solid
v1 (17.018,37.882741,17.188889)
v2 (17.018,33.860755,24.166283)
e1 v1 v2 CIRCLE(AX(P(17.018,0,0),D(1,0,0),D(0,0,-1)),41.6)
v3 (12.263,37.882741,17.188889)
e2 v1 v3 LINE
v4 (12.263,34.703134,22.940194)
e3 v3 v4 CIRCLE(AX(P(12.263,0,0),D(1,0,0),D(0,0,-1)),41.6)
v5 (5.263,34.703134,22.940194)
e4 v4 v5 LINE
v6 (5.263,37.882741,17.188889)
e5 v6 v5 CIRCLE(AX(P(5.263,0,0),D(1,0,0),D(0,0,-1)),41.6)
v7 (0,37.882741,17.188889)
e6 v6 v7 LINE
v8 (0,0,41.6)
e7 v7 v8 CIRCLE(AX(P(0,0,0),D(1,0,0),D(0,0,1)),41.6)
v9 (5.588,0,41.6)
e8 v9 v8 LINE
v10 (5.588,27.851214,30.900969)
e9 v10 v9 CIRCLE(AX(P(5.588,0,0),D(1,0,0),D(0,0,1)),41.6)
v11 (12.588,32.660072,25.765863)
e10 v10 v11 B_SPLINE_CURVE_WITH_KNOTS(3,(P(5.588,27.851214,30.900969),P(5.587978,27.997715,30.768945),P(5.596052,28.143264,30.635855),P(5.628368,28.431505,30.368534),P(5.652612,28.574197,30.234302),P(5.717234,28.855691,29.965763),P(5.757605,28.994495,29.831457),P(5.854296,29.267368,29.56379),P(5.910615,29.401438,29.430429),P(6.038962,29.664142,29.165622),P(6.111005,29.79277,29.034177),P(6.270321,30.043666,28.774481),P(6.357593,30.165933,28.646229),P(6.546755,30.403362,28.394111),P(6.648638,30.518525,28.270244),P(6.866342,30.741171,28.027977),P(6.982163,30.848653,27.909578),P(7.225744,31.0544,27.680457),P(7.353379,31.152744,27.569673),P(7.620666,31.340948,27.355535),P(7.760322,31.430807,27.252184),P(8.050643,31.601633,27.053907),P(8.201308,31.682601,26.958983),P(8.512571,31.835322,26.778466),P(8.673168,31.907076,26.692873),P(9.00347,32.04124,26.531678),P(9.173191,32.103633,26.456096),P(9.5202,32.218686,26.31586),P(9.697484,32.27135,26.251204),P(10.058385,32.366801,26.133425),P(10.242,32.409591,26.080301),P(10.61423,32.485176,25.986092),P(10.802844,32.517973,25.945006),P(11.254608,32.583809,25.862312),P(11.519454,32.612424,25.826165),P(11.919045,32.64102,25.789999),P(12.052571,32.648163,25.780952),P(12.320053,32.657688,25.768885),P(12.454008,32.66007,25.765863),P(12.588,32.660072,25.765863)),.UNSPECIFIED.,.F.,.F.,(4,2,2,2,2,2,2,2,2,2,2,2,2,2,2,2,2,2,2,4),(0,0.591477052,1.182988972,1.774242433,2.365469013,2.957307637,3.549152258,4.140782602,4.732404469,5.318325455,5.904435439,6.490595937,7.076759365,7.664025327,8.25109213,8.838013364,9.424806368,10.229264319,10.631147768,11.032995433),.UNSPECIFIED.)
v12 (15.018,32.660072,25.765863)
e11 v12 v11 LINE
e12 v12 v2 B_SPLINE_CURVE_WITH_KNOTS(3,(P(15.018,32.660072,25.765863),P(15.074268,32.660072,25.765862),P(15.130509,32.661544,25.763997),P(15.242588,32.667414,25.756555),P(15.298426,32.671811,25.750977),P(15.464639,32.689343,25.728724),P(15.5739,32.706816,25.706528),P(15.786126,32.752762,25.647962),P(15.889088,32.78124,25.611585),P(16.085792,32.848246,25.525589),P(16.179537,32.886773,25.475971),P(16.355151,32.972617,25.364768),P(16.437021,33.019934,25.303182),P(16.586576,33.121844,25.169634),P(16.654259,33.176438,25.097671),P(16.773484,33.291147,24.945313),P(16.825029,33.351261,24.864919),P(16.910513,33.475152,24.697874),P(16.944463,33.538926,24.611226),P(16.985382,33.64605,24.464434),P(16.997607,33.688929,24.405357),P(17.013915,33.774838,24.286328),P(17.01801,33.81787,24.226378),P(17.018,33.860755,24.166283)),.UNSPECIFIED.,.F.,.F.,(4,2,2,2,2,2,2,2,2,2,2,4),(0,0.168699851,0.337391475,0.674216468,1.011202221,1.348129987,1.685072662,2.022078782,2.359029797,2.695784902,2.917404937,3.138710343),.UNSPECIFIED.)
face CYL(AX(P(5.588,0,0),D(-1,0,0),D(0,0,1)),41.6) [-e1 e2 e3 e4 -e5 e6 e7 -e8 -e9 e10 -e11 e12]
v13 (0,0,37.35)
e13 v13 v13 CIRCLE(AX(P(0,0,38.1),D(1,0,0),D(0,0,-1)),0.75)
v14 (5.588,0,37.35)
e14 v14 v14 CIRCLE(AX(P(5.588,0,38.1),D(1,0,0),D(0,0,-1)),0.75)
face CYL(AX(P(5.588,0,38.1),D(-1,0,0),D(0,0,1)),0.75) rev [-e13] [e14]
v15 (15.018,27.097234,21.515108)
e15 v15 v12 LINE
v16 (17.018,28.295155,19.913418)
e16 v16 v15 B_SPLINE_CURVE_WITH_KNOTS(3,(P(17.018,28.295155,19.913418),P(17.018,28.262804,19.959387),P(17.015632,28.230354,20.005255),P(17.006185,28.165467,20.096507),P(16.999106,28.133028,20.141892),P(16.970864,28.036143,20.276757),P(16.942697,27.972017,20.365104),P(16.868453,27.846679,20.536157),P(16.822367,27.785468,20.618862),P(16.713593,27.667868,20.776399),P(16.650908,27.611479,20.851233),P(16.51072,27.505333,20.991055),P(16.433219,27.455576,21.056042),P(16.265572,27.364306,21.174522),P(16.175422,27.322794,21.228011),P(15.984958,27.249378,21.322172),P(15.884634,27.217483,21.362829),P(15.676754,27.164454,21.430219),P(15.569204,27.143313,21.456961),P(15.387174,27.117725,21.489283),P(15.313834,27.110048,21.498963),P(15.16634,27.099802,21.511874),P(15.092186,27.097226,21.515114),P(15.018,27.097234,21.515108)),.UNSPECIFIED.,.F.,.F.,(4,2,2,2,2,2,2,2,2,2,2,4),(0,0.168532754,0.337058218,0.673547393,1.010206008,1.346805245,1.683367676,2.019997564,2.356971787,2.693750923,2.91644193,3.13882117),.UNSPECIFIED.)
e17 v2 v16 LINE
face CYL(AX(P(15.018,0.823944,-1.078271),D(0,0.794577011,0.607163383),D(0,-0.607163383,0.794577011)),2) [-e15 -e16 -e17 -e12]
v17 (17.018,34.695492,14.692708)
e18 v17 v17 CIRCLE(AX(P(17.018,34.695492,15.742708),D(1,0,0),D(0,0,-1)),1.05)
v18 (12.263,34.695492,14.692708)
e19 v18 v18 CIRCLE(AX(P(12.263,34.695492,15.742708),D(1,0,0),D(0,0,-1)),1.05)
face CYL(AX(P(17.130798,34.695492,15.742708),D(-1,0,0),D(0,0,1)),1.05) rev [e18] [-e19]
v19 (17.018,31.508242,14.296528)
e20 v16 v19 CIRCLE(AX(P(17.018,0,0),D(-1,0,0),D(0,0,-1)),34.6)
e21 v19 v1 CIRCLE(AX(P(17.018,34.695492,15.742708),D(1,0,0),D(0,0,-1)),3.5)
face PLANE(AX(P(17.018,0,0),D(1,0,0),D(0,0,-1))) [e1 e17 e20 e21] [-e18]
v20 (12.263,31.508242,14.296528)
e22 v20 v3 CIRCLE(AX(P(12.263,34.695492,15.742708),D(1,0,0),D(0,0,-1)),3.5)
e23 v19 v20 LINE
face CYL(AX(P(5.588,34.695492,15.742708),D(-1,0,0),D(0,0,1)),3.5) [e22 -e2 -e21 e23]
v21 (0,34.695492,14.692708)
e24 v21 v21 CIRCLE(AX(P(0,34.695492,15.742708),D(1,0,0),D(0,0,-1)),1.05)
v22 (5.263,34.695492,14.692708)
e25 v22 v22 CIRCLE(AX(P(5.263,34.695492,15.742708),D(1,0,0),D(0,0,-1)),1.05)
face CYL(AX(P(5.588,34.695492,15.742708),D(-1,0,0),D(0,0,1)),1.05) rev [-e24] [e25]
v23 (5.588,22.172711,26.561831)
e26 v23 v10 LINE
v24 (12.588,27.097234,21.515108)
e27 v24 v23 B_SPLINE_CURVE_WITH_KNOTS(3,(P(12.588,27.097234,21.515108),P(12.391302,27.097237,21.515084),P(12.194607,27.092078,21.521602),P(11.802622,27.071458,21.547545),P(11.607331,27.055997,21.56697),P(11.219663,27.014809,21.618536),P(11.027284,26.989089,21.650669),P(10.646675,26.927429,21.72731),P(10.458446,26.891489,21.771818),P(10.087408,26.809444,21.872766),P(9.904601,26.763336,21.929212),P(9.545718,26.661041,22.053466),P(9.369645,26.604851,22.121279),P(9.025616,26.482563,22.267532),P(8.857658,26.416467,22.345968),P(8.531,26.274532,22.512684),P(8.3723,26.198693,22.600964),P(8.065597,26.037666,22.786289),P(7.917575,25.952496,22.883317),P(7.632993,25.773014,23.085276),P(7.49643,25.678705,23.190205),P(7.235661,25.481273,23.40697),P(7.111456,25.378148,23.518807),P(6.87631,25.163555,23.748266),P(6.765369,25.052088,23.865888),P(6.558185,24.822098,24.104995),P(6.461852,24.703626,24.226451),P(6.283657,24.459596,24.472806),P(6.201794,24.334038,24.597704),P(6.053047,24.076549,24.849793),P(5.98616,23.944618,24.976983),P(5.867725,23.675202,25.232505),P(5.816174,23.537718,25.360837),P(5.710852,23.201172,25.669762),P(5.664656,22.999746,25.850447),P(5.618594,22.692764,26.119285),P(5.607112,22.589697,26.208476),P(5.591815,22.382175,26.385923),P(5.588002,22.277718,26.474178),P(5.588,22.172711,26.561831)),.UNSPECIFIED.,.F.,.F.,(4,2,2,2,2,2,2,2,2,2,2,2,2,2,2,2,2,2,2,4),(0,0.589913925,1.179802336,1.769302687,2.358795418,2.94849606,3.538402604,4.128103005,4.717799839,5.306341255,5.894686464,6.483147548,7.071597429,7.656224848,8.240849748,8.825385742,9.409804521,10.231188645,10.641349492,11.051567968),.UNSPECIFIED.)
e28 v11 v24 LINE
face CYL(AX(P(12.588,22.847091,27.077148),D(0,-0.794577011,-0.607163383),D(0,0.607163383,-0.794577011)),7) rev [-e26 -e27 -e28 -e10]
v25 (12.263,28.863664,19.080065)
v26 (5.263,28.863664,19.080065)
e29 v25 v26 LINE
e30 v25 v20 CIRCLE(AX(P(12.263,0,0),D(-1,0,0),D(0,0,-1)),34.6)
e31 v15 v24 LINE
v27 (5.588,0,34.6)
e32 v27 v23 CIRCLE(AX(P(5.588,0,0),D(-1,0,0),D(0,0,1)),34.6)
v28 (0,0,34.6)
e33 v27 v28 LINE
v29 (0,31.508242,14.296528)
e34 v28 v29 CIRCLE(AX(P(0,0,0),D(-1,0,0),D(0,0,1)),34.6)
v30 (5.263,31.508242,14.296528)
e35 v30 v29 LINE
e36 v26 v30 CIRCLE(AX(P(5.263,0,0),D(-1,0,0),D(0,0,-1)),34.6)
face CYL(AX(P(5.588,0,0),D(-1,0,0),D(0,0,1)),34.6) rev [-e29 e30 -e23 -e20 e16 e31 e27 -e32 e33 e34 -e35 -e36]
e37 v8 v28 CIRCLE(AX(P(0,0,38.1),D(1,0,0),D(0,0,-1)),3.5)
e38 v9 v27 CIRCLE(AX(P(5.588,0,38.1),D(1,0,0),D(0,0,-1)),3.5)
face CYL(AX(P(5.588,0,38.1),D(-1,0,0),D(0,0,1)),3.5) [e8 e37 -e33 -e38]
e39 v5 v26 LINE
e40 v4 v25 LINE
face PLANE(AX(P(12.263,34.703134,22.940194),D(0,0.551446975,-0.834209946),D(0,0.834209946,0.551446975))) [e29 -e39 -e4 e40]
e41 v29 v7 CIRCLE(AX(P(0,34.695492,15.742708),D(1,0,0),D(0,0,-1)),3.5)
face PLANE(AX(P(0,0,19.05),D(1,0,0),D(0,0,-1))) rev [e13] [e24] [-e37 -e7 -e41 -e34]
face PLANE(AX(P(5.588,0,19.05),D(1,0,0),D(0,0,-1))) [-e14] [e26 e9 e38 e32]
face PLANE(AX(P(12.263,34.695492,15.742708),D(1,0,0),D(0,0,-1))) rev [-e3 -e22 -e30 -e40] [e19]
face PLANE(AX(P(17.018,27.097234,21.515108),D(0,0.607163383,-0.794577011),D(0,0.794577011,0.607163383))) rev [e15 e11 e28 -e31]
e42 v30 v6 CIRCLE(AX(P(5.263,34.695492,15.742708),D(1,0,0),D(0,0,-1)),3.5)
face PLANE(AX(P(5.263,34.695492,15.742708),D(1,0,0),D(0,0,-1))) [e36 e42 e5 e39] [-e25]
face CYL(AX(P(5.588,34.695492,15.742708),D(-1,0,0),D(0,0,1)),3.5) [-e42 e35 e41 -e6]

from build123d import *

# Parameters (mm, degrees)
ESQUISSE1_R                  = 0.7499999999999986
ESQUISSE1_R_2                = 1.050000000000001
BOSS_EXTRU_1_DEPTH           = 5.588
BOSS_EXTRU_2_DEPTH           = 11.43
ENL_V_MAT_EXTRU_1_DEPTH      = 3.5
ENL_V_MAT_EXTRU_1_DEPTH_BACK = 3.5
CONG_1_R                     = 7
CONG_2_R                     = 2
ESQUISSE5_R                  = 1.0500000000000025
ENL_V_MAT_EXTRU_2_DEPTH      = 59.98362409134528


with BuildPart() as part:
    # Esquisse1 → Boss.-Extru.1 (new body)
    with BuildSketch(Plane(origin=(0, 0, 0), x_dir=(0, 0, -1), z_dir=(1, 0, 0))):
        with BuildLine():
            ThreePointArc((-34.6, 0), (-29.084530777641156, 18.741666666666667), (-14.296527777777778, 31.508241675777914))
            ThreePointArc((-14.296527777777778, 31.508241675777914), (-12.55545845283557, 36.141672111831234), (-17.18888888888889, 37.88274143677345))
            ThreePointArc((-17.18888888888889, 37.88274143677345), (-34.968684403175494, 22.53333333333333), (-41.6, 0))
            ThreePointArc((-41.6, 0), (-38.1, -3.5), (-34.6, 0))
        make_face()
        with Locations((-38.1, 0)):
            Circle(ESQUISSE1_R, mode=Mode.SUBTRACT)
        with Locations((-15.742708333333335, 34.69549155627568)):
            Circle(ESQUISSE1_R_2, mode=Mode.SUBTRACT)
    extrude(amount=BOSS_EXTRU_1_DEPTH)

    # Esquisse2 → Boss.-Extru.2 (add)
    with BuildSketch(Plane(origin=(5.588, 0, 0), x_dir=(0, 0, -1), z_dir=(1, 0, 0))):
        with BuildLine():
            Line((-21.515108455003254, 27.09723432694649), (-25.765862615540357, 32.66007231585839))
            ThreePointArc((-25.765862615540357, 32.66007231585839), (-21.63554338093815, 35.53115903839253), (-17.188888888888894, 37.88274143677345))
            ThreePointArc((-17.188888888888894, 37.88274143677345), (-12.555458452835564, 36.141672111831234), (-14.296527777777776, 31.508241675777906))
            ThreePointArc((-14.296527777777776, 31.508241675777906), (-18.04113546523944, 29.52418383503393), (-21.515108455003254, 27.09723432694649))
        make_face()
    extrude(amount=BOSS_EXTRU_2_DEPTH)

    # Esquisse4 → Enlèv. mat.-Extru.1 (cut, two sides: drawn at the far end of the back side and taken through both)
    with BuildSketch(Plane(origin=(8.762999999999998, 0, 0), x_dir=(0, 0, -1), z_dir=(1, 0, 0)).offset(-ENL_V_MAT_EXTRU_1_DEPTH_BACK)):
        with BuildLine():
            Line((-22.940194161396708, 34.703133746643395), (-19.080065336161688, 28.86366412581397))
            ThreePointArc((-19.080065336161688, 28.86366412581397), (-16.740600036372985, 30.28055994234895), (-14.296527777777776, 31.508241675777906))
            ThreePointArc((-14.296527777777776, 31.508241675777906), (-12.555458452835564, 36.141672111831234), (-17.188888888888894, 37.88274143677345))
            ThreePointArc((-17.188888888888894, 37.88274143677345), (-20.127426633327065, 36.40668478617679), (-22.940194161396708, 34.703133746643395))
        make_face()
    extrude(amount=ENL_V_MAT_EXTRU_1_DEPTH + ENL_V_MAT_EXTRU_1_DEPTH_BACK, mode=Mode.SUBTRACT)

    # Congé1
    cong_1_edges = [part.edges().sort_by_distance(p)[0] for p in [
        (5.588, 29.878653321402442, 23.640485535271807),
    ]]
    fillet(cong_1_edges, radius=CONG_1_R)

    # Congé2
    cong_2_edges = [part.edges().sort_by_distance(p)[0] for p in [
        (17.018, 29.878653321402442, 23.640485535271807),
    ]]
    fillet(cong_2_edges, radius=CONG_2_R)

    # Esquisse5 → Enlèv. mat.-Extru.2 (cut, through all)
    with BuildSketch(Plane.ZY):
        with Locations(Location((15.742708333333335, 34.69549155627568, 0), (0, 0, 180))):
            Circle(ESQUISSE5_R)
    extrude(amount=-ENL_V_MAT_EXTRU_2_DEPTH, mode=Mode.SUBTRACT)


solid = part.part
